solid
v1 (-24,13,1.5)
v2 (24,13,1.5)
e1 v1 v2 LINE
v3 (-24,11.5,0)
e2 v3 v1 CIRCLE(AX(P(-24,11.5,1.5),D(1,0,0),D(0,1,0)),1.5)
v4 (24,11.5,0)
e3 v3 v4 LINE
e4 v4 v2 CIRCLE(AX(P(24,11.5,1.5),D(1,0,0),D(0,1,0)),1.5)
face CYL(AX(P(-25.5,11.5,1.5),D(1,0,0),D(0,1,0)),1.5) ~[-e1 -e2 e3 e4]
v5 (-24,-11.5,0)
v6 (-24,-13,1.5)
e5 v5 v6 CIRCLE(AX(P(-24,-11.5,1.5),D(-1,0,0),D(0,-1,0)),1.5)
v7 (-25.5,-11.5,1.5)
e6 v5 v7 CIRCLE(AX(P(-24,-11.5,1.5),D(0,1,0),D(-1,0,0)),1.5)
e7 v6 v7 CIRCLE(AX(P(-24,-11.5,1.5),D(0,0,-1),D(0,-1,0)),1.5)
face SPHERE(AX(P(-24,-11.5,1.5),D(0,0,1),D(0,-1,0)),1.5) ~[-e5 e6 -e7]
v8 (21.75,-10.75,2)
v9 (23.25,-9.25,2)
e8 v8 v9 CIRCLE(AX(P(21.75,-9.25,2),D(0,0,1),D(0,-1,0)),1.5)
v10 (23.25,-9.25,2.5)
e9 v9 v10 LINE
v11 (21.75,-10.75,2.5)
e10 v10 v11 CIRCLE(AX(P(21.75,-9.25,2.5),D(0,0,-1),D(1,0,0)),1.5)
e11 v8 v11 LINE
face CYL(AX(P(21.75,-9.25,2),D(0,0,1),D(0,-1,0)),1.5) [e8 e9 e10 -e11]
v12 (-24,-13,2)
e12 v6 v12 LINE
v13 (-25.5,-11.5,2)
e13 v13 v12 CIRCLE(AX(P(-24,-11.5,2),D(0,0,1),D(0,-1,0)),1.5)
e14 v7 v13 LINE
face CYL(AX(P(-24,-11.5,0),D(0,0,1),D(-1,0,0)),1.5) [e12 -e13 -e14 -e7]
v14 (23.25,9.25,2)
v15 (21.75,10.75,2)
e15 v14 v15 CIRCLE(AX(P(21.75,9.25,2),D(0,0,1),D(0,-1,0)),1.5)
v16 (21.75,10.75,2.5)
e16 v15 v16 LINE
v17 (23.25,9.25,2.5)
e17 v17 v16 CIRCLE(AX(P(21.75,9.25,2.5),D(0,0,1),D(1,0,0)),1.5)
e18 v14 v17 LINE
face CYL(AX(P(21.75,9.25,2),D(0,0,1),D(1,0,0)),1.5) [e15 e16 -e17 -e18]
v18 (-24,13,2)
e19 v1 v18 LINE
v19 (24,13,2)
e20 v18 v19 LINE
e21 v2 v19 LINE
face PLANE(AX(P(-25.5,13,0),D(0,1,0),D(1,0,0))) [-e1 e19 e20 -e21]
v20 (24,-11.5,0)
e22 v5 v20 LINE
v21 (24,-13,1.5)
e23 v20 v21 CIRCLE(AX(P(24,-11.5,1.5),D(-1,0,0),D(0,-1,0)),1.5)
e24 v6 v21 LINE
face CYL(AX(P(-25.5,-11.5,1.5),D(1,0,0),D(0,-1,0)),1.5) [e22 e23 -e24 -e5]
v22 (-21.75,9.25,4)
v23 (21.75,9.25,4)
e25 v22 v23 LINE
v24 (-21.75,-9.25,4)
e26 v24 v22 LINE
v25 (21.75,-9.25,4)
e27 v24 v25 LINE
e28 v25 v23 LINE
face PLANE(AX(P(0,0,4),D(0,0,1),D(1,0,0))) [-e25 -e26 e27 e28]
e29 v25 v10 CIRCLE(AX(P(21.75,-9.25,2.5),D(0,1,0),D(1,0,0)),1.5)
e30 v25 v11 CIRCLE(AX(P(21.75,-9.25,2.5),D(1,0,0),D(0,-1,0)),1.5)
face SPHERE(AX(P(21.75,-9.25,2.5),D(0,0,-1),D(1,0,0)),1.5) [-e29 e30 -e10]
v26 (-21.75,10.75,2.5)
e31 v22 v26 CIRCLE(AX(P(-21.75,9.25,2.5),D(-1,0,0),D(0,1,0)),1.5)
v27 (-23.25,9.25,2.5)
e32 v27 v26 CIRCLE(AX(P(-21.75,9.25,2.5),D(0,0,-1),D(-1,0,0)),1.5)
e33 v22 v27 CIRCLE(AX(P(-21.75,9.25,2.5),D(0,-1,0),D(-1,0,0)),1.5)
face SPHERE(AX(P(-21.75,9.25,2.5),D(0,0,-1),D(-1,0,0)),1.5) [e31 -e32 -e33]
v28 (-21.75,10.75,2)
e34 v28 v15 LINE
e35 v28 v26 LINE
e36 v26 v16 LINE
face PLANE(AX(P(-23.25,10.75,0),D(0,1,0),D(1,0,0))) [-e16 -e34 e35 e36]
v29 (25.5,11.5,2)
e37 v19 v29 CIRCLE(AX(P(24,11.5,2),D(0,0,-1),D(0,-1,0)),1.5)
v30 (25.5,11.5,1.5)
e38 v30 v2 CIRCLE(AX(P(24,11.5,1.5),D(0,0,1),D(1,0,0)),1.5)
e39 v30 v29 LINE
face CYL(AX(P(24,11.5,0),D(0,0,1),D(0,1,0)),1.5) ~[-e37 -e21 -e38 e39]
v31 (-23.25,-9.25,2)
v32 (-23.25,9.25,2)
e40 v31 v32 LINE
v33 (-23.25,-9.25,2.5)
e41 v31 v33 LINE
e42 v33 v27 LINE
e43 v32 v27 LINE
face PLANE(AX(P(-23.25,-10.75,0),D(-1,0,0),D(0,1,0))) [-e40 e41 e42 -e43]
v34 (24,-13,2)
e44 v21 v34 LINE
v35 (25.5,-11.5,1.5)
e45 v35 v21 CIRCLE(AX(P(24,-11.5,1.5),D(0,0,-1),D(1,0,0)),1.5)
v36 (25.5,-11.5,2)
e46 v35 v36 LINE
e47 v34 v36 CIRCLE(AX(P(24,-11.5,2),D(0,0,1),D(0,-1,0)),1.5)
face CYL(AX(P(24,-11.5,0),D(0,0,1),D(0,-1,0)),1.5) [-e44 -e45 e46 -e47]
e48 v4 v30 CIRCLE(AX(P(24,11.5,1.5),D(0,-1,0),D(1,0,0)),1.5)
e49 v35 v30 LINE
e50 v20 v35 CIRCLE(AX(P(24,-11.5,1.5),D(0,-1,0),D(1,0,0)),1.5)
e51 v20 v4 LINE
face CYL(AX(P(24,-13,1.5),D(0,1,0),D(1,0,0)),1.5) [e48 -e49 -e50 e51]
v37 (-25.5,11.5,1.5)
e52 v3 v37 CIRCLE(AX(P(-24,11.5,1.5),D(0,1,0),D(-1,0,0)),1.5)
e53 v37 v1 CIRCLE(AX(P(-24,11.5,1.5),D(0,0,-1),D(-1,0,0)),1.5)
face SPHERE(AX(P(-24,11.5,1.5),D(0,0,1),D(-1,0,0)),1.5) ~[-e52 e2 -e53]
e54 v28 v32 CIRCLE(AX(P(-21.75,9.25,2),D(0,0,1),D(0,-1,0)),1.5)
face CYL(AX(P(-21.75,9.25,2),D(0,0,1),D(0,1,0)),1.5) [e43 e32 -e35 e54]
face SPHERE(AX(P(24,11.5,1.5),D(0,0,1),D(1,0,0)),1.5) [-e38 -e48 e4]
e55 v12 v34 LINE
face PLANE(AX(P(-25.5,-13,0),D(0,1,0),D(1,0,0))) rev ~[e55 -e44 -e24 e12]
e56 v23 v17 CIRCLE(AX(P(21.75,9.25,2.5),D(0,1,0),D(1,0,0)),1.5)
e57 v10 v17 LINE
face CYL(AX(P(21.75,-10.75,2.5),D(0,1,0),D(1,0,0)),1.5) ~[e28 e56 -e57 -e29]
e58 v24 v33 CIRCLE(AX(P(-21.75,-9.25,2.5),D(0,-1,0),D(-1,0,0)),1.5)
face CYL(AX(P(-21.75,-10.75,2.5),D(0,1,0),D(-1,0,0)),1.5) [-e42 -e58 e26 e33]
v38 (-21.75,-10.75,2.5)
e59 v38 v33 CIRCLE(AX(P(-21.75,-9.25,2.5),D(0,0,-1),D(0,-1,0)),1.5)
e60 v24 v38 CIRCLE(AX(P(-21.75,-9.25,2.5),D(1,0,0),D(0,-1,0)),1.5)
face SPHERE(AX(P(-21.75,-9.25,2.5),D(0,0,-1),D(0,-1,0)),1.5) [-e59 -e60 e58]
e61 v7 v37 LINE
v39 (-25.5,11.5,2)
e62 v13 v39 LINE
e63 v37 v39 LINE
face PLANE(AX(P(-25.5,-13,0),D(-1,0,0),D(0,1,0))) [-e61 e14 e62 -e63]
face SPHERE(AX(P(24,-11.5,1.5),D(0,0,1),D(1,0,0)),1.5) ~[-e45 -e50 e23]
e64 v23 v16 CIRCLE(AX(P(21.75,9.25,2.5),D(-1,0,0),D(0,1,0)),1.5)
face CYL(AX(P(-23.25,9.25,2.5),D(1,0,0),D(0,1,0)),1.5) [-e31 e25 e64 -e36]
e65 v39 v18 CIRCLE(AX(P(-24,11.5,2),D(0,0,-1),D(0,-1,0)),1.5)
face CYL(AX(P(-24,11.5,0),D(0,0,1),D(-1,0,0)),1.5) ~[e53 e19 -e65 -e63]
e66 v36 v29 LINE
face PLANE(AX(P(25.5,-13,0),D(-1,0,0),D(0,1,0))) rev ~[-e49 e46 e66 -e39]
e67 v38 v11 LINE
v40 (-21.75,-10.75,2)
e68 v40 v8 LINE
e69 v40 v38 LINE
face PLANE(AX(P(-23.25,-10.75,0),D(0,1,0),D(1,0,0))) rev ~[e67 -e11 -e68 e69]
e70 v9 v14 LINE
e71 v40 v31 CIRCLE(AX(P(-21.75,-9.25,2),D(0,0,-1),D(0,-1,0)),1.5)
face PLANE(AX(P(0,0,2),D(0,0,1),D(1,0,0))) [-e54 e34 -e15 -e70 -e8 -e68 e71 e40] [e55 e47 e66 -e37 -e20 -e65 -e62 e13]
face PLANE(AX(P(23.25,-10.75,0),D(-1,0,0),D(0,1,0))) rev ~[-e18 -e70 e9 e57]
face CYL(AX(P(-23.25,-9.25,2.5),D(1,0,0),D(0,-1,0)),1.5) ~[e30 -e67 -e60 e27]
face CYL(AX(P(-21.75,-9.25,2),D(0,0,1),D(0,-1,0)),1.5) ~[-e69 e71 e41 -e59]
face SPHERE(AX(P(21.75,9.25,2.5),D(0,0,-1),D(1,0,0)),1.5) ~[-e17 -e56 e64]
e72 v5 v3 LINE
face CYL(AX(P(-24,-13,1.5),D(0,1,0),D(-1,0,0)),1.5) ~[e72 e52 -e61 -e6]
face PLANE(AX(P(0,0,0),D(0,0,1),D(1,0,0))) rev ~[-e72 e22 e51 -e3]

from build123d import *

# Parameters (mm, degrees)
F0_W     = 51
F0_H     = 26
F0_W_2   = 46.5
F0_H_2   = 21.5
F1_DEPTH = 2
F2_DEPTH = 4
F3_R     = 1.5
F4_R     = 1.5


with BuildPart() as f1:
    # F0 (on Top) → F1 (new body)
    with BuildSketch(Plane.XY):
        Rectangle(F0_W, F0_H)
        Rectangle(F0_W_2, F0_H_2, mode=Mode.SUBTRACT)
    extrude(amount=F1_DEPTH)

    # F0 (on Top) → F2 (join)
    with BuildSketch(Plane.XY):
        Rectangle(F0_W_2, F0_H_2)
    extrude(amount=F2_DEPTH)

    # F3
    f3_edges = [f1.edges().sort_by_distance(p)[0] for p in [
        (25.5, 13, 1),
        (-25.5, 13, 1),
        (-25.5, -13, 1),
        (25.5, -13, 1),
        (25.5, 0, 0),
        (0, -13, 0),
        (-25.5, 0, 0),
        (0, 13, 0),
    ]]
    fillet(f3_edges, radius=F3_R)

    # F4
    f4_edges = [f1.edges().sort_by_distance(p)[0] for p in [
        (-23.25, -10.75, 3),
        (-23.25, 10.75, 3),
        (23.25, 10.75, 3),
        (23.25, -10.75, 3),
        (23.25, 0, 4),
        (0, -10.75, 4),
        (-23.25, 0, 4),
        (0, 10.75, 4),
    ]]
    fillet(f4_edges, radius=F4_R)


solid = f1.part
